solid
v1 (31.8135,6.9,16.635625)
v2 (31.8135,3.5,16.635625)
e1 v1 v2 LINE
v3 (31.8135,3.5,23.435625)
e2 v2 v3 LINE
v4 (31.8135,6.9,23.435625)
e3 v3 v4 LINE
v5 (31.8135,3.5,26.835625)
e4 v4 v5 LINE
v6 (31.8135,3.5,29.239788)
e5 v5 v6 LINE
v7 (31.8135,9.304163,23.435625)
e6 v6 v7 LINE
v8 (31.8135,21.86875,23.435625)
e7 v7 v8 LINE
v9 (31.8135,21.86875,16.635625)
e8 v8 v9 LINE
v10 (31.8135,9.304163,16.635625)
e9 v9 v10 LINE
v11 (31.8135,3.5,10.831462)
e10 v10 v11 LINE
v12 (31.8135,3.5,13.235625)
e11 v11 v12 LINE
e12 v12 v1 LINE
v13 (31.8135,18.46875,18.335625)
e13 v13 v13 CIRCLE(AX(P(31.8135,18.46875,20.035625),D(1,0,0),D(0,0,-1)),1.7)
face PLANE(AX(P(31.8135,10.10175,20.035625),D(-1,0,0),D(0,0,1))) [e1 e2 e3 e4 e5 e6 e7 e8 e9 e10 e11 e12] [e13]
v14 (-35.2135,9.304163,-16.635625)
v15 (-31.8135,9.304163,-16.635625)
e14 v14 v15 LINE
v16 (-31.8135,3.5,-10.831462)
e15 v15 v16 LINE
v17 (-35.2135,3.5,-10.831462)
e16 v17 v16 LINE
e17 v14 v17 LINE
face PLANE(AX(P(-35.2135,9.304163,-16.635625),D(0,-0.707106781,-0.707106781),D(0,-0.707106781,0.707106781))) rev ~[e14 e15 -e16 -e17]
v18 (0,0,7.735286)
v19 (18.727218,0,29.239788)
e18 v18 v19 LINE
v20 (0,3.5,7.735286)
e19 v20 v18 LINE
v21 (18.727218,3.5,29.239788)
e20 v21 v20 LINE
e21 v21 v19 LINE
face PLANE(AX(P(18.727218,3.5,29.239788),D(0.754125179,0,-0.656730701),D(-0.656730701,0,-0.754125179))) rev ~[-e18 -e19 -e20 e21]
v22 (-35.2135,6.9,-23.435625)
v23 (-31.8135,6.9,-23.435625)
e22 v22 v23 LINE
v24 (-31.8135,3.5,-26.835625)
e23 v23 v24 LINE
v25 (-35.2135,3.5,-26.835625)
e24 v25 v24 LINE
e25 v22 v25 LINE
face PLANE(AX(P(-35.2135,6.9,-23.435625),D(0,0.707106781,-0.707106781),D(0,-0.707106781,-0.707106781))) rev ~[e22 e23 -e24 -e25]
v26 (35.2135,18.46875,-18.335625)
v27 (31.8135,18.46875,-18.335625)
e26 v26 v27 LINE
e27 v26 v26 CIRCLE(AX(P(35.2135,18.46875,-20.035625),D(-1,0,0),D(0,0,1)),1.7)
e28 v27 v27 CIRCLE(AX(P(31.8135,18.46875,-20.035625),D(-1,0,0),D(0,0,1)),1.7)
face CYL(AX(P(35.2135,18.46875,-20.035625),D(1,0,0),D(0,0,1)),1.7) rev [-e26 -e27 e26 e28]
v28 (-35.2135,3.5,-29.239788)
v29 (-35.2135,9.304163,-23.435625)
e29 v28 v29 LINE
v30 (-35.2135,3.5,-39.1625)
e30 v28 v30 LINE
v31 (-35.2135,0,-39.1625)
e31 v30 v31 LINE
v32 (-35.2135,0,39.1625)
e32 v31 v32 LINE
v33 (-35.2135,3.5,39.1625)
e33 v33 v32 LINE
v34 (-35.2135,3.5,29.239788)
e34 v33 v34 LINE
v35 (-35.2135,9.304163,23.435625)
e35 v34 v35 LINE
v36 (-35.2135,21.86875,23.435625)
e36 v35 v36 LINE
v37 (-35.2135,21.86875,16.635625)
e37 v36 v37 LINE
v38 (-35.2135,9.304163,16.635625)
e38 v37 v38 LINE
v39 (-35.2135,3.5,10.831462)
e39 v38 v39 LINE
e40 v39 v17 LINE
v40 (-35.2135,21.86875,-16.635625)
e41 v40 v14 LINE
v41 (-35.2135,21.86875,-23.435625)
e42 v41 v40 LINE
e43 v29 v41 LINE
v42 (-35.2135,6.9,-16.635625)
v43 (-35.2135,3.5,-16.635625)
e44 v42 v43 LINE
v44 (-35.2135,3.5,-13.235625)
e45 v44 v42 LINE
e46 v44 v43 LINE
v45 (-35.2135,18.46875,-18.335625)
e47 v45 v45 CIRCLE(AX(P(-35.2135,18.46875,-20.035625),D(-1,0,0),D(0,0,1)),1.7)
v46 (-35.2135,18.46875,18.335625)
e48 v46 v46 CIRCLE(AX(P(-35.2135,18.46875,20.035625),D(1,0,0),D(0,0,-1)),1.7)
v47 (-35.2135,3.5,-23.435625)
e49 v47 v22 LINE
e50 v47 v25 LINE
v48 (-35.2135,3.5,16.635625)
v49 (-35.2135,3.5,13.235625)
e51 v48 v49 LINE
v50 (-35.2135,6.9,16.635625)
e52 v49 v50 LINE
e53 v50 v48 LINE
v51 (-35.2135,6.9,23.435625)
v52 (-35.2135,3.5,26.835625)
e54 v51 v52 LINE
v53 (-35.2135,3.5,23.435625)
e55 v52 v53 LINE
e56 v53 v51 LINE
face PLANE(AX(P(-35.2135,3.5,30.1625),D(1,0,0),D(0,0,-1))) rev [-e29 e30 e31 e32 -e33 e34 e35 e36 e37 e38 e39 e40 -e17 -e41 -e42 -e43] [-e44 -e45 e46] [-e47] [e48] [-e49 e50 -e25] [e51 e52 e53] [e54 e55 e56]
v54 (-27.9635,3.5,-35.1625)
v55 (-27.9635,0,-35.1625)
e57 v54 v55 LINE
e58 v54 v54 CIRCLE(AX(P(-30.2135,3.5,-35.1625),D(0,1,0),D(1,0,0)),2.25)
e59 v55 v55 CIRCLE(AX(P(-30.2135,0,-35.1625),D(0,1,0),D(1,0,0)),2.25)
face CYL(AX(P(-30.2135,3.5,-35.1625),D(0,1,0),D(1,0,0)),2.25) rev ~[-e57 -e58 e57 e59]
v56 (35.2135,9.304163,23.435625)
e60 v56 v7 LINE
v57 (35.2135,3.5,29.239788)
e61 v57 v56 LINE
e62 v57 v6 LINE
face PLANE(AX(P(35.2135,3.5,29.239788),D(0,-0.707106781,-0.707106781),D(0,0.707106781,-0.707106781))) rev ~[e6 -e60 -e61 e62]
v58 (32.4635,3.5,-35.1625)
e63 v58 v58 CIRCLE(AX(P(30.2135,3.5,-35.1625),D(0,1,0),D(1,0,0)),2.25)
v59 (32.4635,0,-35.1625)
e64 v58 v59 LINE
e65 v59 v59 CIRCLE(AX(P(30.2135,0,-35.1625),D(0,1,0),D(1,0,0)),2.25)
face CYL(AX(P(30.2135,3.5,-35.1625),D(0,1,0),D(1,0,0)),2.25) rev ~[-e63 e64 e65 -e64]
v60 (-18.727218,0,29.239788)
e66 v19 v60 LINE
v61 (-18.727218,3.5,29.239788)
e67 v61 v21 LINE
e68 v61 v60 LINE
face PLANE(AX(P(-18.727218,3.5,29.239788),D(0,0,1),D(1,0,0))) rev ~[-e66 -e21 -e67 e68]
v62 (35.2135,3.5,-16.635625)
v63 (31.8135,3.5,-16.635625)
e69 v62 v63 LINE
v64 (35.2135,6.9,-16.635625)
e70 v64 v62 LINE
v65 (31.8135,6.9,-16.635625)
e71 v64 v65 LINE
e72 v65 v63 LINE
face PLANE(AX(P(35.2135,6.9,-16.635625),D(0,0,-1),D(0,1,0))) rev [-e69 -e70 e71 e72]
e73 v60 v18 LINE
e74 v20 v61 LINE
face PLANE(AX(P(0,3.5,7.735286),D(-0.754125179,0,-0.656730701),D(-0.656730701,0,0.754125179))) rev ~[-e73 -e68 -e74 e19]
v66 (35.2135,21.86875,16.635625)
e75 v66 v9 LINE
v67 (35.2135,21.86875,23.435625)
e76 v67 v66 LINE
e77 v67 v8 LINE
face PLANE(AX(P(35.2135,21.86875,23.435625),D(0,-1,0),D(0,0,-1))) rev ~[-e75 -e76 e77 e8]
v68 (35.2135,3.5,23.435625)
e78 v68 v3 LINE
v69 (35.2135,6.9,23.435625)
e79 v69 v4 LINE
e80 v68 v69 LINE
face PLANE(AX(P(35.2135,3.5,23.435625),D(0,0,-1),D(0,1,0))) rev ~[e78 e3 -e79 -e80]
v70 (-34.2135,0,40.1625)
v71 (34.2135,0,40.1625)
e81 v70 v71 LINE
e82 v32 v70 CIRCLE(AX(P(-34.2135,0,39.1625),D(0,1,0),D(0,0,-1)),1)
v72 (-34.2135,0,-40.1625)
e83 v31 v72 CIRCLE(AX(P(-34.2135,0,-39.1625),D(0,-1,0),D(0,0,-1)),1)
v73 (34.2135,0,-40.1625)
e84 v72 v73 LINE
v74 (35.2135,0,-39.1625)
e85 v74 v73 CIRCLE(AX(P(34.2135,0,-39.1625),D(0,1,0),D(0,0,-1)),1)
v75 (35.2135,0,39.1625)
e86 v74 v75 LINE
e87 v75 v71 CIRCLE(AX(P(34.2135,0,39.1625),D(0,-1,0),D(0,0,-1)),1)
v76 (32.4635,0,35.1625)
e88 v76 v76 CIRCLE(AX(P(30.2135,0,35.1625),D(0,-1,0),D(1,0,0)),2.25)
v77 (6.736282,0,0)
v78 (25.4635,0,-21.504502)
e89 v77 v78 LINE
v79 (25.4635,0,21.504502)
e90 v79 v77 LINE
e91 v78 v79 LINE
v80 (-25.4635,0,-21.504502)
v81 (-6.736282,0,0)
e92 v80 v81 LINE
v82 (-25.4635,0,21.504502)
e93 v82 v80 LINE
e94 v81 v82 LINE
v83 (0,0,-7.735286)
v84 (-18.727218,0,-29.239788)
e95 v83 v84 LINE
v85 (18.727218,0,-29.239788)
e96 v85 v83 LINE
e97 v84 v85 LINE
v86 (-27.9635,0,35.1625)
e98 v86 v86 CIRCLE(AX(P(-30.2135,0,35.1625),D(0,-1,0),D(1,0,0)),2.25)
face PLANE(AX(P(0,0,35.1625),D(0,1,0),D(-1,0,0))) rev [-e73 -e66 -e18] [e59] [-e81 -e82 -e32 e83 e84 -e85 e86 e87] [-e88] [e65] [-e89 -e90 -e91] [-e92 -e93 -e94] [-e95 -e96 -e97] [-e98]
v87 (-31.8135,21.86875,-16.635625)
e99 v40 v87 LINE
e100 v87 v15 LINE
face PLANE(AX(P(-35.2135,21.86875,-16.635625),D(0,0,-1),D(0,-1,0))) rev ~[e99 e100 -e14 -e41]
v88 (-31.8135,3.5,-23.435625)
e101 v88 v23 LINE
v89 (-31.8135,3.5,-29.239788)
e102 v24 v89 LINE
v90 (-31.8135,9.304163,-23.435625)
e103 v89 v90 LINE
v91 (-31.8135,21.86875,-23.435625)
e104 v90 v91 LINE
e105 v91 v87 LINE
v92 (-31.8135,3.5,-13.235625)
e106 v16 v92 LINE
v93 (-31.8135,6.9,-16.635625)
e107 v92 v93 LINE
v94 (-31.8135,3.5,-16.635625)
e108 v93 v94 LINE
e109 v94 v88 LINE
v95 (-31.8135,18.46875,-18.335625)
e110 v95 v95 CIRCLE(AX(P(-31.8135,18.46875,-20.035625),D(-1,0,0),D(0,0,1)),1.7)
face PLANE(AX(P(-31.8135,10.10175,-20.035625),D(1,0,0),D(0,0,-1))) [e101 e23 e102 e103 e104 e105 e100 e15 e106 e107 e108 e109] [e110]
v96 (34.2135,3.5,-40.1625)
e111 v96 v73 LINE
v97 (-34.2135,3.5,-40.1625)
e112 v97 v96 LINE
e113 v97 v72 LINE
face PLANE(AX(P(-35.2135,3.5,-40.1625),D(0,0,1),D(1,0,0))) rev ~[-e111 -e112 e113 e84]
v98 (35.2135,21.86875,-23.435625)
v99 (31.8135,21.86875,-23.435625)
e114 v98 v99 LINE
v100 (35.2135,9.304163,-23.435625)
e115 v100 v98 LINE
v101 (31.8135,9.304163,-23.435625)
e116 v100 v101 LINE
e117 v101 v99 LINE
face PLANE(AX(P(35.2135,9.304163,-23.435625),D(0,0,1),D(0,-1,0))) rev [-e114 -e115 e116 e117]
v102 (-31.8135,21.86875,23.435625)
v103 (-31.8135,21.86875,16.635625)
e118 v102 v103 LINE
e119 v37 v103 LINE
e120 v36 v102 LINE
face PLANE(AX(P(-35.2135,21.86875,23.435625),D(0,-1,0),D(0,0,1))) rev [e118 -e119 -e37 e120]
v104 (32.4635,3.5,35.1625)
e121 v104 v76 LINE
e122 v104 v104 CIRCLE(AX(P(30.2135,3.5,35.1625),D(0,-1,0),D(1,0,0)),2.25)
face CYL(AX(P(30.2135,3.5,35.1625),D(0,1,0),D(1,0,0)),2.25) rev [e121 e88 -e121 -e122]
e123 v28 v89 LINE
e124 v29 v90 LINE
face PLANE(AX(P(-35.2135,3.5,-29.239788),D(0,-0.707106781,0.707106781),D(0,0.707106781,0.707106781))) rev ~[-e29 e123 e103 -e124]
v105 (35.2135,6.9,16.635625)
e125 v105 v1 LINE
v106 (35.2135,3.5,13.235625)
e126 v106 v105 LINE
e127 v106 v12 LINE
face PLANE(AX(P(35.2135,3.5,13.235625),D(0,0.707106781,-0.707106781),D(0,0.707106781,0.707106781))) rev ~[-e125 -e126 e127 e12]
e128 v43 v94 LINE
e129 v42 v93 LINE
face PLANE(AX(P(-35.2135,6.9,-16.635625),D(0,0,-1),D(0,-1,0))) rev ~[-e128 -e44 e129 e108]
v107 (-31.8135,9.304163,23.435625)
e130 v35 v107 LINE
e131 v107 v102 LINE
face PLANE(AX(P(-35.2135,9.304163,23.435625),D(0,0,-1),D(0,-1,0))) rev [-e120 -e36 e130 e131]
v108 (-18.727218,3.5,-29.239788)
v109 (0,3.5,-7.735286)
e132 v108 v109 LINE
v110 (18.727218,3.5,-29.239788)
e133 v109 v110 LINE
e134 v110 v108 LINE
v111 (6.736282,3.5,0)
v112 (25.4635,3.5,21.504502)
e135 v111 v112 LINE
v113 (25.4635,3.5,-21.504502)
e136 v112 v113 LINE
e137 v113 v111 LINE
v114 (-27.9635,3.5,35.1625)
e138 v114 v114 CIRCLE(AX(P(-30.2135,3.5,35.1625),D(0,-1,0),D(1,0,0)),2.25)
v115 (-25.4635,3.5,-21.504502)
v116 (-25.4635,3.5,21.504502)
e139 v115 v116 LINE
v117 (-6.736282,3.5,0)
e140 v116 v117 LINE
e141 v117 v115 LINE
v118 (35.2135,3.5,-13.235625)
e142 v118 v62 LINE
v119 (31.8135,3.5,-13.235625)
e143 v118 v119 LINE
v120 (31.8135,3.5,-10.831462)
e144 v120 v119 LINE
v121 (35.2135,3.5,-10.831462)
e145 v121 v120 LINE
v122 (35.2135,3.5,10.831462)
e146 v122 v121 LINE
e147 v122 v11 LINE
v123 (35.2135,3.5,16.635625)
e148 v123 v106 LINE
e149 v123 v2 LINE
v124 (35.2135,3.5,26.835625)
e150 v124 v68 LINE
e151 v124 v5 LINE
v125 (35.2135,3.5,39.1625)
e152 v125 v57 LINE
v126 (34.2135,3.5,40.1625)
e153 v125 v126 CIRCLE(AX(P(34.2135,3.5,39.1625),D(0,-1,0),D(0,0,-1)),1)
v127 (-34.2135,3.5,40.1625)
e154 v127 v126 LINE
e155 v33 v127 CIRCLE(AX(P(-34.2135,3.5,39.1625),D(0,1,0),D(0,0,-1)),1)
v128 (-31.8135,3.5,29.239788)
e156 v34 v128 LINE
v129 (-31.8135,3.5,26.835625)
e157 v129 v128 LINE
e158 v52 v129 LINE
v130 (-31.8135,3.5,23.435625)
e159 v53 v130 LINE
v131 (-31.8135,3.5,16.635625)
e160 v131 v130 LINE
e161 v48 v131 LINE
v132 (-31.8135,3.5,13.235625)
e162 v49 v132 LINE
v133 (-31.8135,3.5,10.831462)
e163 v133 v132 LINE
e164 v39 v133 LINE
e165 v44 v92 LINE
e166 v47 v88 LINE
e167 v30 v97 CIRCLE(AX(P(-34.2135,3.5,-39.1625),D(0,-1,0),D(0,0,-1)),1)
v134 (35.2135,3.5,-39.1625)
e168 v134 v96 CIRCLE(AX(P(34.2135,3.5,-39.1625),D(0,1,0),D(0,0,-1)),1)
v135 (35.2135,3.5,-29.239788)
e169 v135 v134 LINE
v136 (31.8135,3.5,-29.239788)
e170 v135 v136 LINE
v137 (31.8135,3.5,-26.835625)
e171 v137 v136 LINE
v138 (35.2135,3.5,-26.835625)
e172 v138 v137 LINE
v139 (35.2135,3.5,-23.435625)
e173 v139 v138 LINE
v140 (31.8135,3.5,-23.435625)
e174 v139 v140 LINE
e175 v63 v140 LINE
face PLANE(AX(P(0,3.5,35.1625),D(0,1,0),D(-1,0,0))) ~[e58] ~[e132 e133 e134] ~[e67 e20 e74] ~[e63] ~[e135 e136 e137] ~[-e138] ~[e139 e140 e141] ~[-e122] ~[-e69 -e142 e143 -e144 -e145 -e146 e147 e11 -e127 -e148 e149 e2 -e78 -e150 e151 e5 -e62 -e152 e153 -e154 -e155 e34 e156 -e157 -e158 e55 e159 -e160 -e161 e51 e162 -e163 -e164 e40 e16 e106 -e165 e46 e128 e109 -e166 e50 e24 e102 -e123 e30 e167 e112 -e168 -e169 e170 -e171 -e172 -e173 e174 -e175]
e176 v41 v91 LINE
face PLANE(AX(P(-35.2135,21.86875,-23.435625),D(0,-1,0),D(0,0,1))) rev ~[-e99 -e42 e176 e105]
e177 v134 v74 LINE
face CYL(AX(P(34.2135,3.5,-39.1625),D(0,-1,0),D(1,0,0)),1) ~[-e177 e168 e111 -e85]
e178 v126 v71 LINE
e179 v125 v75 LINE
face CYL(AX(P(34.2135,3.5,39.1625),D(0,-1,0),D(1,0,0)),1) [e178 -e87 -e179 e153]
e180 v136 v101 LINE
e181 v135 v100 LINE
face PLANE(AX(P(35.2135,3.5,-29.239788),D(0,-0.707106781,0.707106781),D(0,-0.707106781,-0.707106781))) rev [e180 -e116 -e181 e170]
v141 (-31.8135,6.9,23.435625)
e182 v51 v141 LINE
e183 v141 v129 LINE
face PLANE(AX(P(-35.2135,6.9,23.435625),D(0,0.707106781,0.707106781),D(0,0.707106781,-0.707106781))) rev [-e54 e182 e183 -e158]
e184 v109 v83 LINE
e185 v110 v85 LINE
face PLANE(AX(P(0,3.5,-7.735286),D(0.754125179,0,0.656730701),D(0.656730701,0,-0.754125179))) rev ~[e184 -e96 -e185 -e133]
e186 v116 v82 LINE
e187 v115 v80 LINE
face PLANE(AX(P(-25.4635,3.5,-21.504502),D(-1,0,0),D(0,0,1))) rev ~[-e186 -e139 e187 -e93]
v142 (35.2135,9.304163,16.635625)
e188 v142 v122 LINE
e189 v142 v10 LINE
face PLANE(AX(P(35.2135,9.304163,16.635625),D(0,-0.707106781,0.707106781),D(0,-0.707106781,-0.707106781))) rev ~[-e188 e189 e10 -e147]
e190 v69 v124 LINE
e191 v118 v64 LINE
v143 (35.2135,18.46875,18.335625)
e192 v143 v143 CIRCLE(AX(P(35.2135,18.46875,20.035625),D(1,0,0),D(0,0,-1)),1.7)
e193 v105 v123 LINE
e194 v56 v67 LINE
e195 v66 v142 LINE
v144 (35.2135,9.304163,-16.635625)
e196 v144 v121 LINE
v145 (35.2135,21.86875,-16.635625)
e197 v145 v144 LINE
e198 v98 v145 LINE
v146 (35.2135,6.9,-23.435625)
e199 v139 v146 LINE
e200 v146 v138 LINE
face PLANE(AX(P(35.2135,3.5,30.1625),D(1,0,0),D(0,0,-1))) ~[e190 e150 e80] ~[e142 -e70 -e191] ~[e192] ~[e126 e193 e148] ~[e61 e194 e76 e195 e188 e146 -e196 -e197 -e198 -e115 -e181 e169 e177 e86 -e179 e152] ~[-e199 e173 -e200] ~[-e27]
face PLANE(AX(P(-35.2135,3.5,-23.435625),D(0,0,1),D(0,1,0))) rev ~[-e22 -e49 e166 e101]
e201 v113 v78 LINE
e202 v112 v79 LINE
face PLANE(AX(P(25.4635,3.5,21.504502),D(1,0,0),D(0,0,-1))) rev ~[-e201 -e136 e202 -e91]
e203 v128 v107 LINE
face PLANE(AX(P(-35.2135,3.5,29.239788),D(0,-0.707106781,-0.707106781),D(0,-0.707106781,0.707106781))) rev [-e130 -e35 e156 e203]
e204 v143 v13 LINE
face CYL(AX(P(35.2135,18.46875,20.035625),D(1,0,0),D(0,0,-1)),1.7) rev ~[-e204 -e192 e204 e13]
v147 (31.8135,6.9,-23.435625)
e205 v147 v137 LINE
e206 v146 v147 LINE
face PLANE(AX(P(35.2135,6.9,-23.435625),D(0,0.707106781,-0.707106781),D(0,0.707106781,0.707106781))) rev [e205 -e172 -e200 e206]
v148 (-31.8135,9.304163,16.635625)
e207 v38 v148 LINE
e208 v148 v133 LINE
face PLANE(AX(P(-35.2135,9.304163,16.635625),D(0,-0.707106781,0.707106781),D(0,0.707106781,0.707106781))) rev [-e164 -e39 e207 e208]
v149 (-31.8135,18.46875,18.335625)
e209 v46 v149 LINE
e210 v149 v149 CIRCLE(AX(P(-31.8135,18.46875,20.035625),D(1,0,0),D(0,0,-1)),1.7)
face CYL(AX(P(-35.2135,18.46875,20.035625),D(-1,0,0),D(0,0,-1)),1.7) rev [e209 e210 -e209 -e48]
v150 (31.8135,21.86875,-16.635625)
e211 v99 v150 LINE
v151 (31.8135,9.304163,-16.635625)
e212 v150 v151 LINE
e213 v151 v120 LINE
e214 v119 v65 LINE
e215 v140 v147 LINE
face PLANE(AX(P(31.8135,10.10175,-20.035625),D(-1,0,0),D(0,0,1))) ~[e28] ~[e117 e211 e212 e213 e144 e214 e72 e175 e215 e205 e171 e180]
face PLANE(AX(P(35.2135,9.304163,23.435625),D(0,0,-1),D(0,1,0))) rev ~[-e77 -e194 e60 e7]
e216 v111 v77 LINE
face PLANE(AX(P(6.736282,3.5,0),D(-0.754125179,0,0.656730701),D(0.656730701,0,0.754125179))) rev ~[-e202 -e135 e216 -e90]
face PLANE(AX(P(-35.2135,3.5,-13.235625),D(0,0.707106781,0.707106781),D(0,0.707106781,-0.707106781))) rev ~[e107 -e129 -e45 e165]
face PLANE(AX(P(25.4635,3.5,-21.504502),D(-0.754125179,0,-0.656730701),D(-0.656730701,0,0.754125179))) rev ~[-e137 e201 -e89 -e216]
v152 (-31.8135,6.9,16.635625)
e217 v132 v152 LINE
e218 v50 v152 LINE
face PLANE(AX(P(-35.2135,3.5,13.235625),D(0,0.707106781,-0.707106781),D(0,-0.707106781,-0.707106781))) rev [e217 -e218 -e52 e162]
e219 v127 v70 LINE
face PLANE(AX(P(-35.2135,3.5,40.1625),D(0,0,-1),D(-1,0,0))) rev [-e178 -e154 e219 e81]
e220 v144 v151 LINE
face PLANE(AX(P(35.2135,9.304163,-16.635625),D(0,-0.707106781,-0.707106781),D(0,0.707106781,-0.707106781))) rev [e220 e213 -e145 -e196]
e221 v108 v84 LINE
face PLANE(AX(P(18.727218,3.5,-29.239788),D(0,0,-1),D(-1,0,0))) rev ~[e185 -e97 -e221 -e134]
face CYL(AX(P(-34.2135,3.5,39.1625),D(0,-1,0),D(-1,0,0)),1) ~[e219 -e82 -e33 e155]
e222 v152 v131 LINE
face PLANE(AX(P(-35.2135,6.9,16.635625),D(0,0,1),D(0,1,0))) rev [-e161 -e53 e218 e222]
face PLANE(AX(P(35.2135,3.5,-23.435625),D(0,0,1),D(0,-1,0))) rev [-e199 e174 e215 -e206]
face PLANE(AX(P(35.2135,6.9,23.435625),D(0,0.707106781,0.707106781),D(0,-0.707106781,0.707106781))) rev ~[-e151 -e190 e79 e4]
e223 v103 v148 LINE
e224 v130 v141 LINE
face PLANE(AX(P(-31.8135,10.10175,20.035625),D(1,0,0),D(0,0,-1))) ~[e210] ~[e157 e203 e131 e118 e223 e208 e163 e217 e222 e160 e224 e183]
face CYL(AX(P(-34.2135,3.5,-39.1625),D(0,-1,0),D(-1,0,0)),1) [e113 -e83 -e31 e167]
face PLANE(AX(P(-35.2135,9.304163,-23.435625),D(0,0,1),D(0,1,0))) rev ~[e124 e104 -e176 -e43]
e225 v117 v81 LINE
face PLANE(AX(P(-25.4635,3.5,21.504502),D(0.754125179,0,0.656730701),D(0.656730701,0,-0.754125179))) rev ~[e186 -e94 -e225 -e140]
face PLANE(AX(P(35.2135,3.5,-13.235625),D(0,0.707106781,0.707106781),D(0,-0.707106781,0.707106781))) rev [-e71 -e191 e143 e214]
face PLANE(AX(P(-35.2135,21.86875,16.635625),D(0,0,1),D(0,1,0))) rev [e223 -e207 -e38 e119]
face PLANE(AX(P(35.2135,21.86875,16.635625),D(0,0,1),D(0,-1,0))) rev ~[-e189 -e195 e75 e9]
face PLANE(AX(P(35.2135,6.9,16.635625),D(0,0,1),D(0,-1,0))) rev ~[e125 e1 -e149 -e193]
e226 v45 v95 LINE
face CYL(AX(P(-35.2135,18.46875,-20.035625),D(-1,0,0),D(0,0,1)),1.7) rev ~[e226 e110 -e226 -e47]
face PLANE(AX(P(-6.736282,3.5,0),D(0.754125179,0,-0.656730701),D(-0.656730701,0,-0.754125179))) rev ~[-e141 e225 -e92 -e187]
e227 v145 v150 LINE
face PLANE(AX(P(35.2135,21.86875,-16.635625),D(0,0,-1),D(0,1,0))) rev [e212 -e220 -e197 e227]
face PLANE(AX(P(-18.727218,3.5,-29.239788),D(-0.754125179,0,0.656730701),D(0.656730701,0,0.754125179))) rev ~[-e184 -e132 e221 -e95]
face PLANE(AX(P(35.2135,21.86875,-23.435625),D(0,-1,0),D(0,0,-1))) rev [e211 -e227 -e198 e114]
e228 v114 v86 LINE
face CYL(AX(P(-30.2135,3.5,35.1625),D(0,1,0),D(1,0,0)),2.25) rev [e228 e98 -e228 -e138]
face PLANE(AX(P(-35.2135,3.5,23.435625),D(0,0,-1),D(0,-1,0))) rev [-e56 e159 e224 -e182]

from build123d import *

# Parameters (mm, degrees)
SKETCH1_W                                  = 70.427
SKETCH1_H                                  = 60.325
BOSS_EXTRUDE1_DEPTH                        = 3.5
SKETCH4_R                                  = 1.7
BOSS_EXTRUDE2_DEPTH                        = 3.4
MIRROR1_AT_THE_SECOND_PLANE_COPY_1_SKETC_R = 1.7
MIRROR1_AT_THE_SECOND_PLANE_COPY_1_DEPTH   = 3.4
SKETCH6_W                                  = 70.427
SKETCH6_H                                  = 10
SKETCH6_R                                  = 2.25
BOSS_EXTRUDE3_DEPTH                        = 3.5
FILLET1_R                                  = 1
CUT_EXTRUDE3_DEPTH                         = 19.368750112
CUT_EXTRUDE3_DEPTH_BACK                    = 4.5


with BuildPart() as part:
    # Sketch1 → Boss-Extrude1 (new body)
    with BuildSketch(Plane(origin=(0, 0, 0), x_dir=(1, 0, 0), z_dir=(0, 1, 0))):
        Rectangle(SKETCH1_W, SKETCH1_H)
    extrude(amount=BOSS_EXTRUDE1_DEPTH)

    # Sketch4 → Boss-Extrude2 (add)
    with BuildSketch(Plane.ZY.offset(35.2135)):
        Polygon((-29.239788056, 3.5), (-23.435625, 9.304163056), (-23.435625, 21.868750112), (-16.635625, 21.868750112), (-16.635625, 9.304163056), (-10.831461944, 3.5), (-13.235625, 3.5), (-16.635625, 6.9), (-16.635625, 3.5), (-23.435625, 3.5), (-23.435625, 6.9), (-26.835625, 3.5), align=None)
        with Locations((-20.035625, 18.468750112)):
            Circle(SKETCH4_R, mode=Mode.SUBTRACT)
    boss_extrude2 = extrude(amount=-BOSS_EXTRUDE2_DEPTH)

    # Mirror1: Boss-Extrude2 across plane
    add(boss_extrude2.mirror(Plane(origin=(0, 0, 0), x_dir=(0, 0, 1), z_dir=(1, 0, 0))))

    # Mirror1 at the second plane: Boss-Extrude2 across plane
    add(boss_extrude2.mirror(Plane(origin=(0, 0, 0), x_dir=(1, 0, 0), z_dir=(0, 0, -1))))

    # Mirror1 at the second plane copy 1 sketc → Mirror1 at the second plane copy 1 (add)
    with BuildSketch(Plane(origin=(35.2135, 0, 0), x_dir=(0, 0, -1), z_dir=(1, 0, 0))):
        Polygon((-29.239788056, 3.5), (-23.435625, 9.304163056), (-23.435625, 21.868750112), (-16.635625, 21.868750112), (-16.635625, 9.304163056), (-10.831461944, 3.5), (-13.235625, 3.5), (-16.635625, 6.9), (-16.635625, 3.5), (-23.435625, 3.5), (-23.435625, 6.9), (-26.835625, 3.5), align=None)
        with Locations((-20.035625, 18.468750112)):
            Circle(MIRROR1_AT_THE_SECOND_PLANE_COPY_1_SKETC_R, mode=Mode.SUBTRACT)
    extrude(amount=-MIRROR1_AT_THE_SECOND_PLANE_COPY_1_DEPTH)

    # Sketch6 → Boss-Extrude3 (add)
    with BuildSketch(Plane(origin=(0, 3.5, 0), x_dir=(1, 0, 0), z_dir=(0, 1, 0))):
        with Locations((0, 35.1625)):
            Rectangle(SKETCH6_W, SKETCH6_H)
        with Locations((-30.2135, 35.1625)):
            Circle(SKETCH6_R, mode=Mode.SUBTRACT)
        with Locations((30.2135, 35.1625)):
            Circle(SKETCH6_R, mode=Mode.SUBTRACT)
    boss_extrude3 = extrude(amount=-BOSS_EXTRUDE3_DEPTH)

    # Mirror2: Boss-Extrude3 across plane
    add(boss_extrude3.mirror(Plane.XY))

    # Fillet1
    fillet1_edges = [part.edges().sort_by_distance(p)[0] for p in [
        (-35.2135, 1.75, -40.1625),
        (35.2135, 1.75, -40.1625),
        (-35.2135, 1.75, 40.1625),
        (35.2135, 1.75, 40.1625),
    ]]
    fillet(fillet1_edges, radius=FILLET1_R)

    # Sketch7 → Cut-Extrude3 (cut, two sides)
    with BuildSketch(Plane(origin=(0, 3.5, 0), x_dir=(1, 0, 0), z_dir=(0, 1, 0))) as cut_extrude3_sk:
        Polygon((0, 7.735286309), (18.727217831, 29.239788056), (-18.727217831, 29.239788056), align=None)
        Polygon((25.4635, -21.504501748), (25.4635, 21.504501748), (6.736282169, 0), align=None)
        Polygon((-18.727217831, -29.239788056), (18.727217831, -29.239788056), (0, -7.735286309), align=None)
        Polygon((-6.736282169, 0), (-25.4635, 21.504501748), (-25.4635, -21.504501748), align=None)
    extrude(amount=CUT_EXTRUDE3_DEPTH, mode=Mode.SUBTRACT)
    extrude(cut_extrude3_sk.sketch, amount=-CUT_EXTRUDE3_DEPTH_BACK, mode=Mode.SUBTRACT)


solid = part.part
